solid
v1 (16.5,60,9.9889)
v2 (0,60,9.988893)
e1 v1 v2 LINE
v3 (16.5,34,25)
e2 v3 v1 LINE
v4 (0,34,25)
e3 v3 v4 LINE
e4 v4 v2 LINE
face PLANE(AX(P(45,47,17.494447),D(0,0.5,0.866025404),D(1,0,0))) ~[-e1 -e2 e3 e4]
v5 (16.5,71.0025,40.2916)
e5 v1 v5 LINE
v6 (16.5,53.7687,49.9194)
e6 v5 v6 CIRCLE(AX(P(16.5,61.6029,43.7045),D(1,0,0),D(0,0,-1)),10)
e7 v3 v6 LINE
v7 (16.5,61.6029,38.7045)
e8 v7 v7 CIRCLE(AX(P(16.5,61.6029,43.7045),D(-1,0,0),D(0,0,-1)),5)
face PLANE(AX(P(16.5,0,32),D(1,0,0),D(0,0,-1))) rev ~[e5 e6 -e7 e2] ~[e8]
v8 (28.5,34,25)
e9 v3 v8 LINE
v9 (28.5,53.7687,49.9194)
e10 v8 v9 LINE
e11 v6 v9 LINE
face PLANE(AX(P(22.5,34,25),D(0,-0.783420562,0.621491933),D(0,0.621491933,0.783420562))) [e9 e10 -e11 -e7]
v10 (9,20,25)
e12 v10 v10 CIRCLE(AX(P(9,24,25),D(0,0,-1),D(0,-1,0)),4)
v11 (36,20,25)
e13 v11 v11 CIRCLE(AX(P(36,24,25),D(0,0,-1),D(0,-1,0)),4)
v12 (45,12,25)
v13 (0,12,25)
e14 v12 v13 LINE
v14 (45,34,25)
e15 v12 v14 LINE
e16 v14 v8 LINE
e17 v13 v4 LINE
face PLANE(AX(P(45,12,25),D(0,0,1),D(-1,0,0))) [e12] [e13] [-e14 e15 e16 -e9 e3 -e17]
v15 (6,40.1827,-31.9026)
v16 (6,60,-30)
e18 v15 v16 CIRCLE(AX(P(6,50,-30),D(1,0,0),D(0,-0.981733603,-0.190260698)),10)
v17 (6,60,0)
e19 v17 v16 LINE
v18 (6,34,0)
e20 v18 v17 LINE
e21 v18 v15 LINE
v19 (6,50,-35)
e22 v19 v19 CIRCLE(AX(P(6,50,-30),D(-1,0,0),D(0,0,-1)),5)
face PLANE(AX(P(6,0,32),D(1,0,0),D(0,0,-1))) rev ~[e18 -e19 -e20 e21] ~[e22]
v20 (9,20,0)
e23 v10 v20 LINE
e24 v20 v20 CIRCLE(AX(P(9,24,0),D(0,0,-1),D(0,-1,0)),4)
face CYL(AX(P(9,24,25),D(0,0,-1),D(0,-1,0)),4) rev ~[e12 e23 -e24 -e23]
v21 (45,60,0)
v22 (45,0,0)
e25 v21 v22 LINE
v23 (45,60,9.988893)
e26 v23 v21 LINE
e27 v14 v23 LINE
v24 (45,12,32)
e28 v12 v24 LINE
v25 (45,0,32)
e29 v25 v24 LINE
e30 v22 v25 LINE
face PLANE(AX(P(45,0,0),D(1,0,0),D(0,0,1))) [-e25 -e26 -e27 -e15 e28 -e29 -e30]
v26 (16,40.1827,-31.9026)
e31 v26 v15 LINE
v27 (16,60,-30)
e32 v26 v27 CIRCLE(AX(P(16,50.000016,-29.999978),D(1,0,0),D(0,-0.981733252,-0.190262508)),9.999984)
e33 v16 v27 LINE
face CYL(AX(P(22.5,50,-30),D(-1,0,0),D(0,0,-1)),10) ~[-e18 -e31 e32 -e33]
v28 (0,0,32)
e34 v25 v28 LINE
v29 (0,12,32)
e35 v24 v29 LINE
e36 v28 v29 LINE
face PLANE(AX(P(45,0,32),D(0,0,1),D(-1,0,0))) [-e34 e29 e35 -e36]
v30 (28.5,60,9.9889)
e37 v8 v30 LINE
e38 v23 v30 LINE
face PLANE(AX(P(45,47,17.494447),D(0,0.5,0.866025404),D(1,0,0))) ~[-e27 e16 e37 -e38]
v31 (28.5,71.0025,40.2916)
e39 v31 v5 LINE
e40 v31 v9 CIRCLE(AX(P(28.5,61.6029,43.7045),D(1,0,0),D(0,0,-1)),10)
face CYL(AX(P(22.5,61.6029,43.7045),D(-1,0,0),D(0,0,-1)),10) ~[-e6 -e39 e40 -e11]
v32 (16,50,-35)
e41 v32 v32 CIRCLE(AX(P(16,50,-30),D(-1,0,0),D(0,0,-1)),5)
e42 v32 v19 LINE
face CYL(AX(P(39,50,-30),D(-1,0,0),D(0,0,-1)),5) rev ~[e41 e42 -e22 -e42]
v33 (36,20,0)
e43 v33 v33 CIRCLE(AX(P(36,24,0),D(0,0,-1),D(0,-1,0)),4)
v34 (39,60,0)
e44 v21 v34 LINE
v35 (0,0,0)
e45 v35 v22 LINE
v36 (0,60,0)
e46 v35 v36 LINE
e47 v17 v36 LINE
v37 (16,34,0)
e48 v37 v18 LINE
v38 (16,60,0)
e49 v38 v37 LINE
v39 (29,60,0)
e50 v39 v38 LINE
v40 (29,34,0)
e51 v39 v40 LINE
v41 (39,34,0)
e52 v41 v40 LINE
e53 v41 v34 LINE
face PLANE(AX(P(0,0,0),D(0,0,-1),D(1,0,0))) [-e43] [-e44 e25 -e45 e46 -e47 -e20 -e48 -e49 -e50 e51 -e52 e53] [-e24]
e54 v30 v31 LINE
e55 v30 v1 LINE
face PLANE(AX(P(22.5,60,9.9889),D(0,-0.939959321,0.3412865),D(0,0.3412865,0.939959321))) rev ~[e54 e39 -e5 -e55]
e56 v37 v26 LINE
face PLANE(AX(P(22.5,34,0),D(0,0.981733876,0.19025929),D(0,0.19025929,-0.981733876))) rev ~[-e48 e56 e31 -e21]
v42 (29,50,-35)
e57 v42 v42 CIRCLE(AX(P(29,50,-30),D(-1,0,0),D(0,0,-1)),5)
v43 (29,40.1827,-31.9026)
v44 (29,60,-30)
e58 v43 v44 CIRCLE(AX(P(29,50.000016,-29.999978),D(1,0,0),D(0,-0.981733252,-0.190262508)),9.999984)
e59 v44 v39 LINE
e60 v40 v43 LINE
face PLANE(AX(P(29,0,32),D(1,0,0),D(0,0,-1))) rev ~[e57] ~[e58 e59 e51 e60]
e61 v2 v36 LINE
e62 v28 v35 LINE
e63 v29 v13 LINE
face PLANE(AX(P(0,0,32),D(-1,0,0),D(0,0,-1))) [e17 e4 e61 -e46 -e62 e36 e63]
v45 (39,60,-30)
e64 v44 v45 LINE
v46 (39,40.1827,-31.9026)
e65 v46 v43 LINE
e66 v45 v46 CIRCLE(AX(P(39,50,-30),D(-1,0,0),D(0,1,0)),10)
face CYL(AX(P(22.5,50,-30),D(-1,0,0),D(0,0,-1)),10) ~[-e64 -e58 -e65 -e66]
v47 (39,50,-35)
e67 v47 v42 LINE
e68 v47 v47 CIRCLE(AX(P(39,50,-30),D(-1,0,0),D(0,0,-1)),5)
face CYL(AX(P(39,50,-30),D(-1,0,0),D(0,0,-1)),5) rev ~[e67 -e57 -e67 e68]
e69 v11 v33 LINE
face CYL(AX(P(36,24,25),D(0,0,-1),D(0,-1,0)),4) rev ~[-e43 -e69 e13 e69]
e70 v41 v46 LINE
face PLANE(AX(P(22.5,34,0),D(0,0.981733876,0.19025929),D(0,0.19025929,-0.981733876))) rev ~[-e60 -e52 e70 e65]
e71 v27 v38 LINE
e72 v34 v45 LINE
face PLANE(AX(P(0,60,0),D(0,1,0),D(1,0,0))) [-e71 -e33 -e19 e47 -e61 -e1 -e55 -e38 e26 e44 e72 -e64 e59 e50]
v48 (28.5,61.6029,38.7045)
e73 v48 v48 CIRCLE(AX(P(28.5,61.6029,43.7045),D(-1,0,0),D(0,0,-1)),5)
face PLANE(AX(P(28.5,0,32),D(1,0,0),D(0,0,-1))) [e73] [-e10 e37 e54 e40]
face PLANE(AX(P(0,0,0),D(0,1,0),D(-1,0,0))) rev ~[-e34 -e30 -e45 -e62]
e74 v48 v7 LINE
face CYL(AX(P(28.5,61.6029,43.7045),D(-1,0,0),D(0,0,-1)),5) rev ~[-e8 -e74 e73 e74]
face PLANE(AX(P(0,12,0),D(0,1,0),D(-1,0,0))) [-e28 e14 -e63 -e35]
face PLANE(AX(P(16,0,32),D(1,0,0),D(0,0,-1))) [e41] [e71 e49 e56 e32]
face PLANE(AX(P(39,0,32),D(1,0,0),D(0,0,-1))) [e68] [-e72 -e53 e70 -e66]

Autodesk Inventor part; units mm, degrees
ref_plane "YZ Plane" through (0, 0, 0) normal (1, 0, 0) x (0, 1, 0)
ref_plane "XZ Plane" through (0, 0, 0) normal (0, 1, 0) x (-1, 0, 0)
ref_plane "XY Plane" through (0, 0, 0) normal (0, 0, 1) x (1, 0, 0)
sketch "Szkic1" plane through (0, 0, 0) normal (0, 1, 0) x (-1, 0, 0)
  line L0 (0, 0) -> (-45, 0)
  line L1 (-45, 0) -> (-45, 32)
  line L2 (-45, 32) -> (0, 32)
  line L3 (0, 32) -> (0, 0)
  dimension "d0" = 45
  dimension "d1" = 32
extrude "Wyciągnięcie proste1" add sketch "Szkic1" along normal blind 12
sketch "Szkic2" plane through (0, 12, 0) normal (0, 1, 0) x (1, 0, 0)
  line L0 (45, 0) -> (0, 0) projected
  line L1 (45, -32) -> (45, 0) projected
  line L2 (0, 0) -> (45, 0)
  line L3 (45, 0) -> (45, -25)
  line L4 (45, -25) -> (0, -25)
  line L5 (0, -25) -> (0, 0)
extrude "Wyciągnięcie proste2" add sketch "Szkic2" along normal blind 48
sketch "Szkic3" plane through (0, 12, 25) normal (0, 0, 1) x (1, 0, 0)
  point P0 (0, -12)
  point P1 (9, 12)
  point P2 (36, 12)
hole "Otwór1" at (9, 24, 25) at (36, 24, 25) direction (0, 0, -1) diameter 8 end through all
chamfer "Faza1" distance 26 angle 30 1 edges at (22.5, 60, 25) measured on face at (26.3804, 49.1806, 25)
sketch "Szkic4" plane through (0, 60, 0) normal (0, 1, 0) x (1, 0, 0)
  point P0 (0, 0)
ref_plane "Płaszczyzna konstrukcyjna1" through (22.5, 0, 32) normal (1, 0, 0) x (0, 0, -1)
sketch "Szkic5" plane through (22.5, 0, 32) normal (1, 0, 0) x (0, 0, -1)
  circle A0 centre (-11.7045, 61.6029) radius 10
  line L0 (7, 34) -> (22.0111, 60) projected
  line L1 (22.0111, 60) -> (-8.2916, 71.0025)
  line L2 (7, 12) -> (7, 34) projected
  line L3 (7, 34) -> (-17.9194, 53.7687)
  point P0 (32, 0)
  dimension "d16" = 20
  dimension "d17" = 30
extrude "Wyciągnięcie proste3" add sketch "Szkic5" along normal mid plane 12
sketch "Szkic6" plane through (28.5, 0, 32) normal (1, 0, 0) x (0, 0, -1)
  arc A0 (-8.2916, 71.0025) -> (-17.9194, 53.7687) centre (-11.7045, 61.6029) ccw projected
  point P0 (32, 0)
hole "Otwór2" at (28.5, 61.6029, 43.7045) direction (-1, 0, 0) diameter 10 end through all
sketch "Szkic7" plane through (28.5, 0, 32) normal (1, 0, 0) x (0, 0, -1)
  point P0 (32, 0)
sketch "Szkic8" plane through (22.5, 0, 32) normal (1, 0, 0) x (0, 0, -1)
  circle A0 centre (62, 50) radius 10
  line L0 (32, 0) -> (32, 60) projected
  line L1 (32, 60) -> (62, 60)
  line L2 (32, 34) -> (63.9026, 40.1827)
  dimension "d27" = 20
  dimension "d28" = 30
  dimension "d30" = 26
extrude "Wyciągnięcie proste4" add sketch "Szkic8" along normal mid plane 33
sketch "Szkic9" plane through (22.5, 0, 32) normal (1, 0, 0) x (0, 0, -1)
  arc A0 (63.9026, 40.1827) -> (62, 60) centre (62, 50) ccw projected
  line L0 (32, 60) -> (22.0111, 60) projected
  line L1 (62, 60) -> (32, 60)
  line L2 (32, 60) -> (32, 34)
  line L3 (32, 0) -> (32, 60) projected
  line L4 (32, 34) -> (63.9026, 40.1827) projected
  line L5 (62, 60) -> (32, 60) projected
  arc A1 (63.9026, 40.1827) -> (62, 60) centre (62.5165, 50.0496) ccw
extrude "Wyciągnięcie proste5" cut sketch "Szkic9" along normal mid plane 13 contours L4 L2 L1 A0
sketch "Szkic10" plane through (39, 0, 32) normal (1, 0, 0) x (0, 0, -1)
  point P0 (32, 0)
sketch "Szkic11" plane through (39, 0, 32) normal (1, 0, 0) x (0, 0, -1)
  arc A0 (63.9026, 40.1827) -> (62, 60) centre (62, 50) ccw projected
  point P0 (32, 0)
hole "Otwór3" at (39, 50, -30) direction (-1, 0, 0) diameter 10 end through all
